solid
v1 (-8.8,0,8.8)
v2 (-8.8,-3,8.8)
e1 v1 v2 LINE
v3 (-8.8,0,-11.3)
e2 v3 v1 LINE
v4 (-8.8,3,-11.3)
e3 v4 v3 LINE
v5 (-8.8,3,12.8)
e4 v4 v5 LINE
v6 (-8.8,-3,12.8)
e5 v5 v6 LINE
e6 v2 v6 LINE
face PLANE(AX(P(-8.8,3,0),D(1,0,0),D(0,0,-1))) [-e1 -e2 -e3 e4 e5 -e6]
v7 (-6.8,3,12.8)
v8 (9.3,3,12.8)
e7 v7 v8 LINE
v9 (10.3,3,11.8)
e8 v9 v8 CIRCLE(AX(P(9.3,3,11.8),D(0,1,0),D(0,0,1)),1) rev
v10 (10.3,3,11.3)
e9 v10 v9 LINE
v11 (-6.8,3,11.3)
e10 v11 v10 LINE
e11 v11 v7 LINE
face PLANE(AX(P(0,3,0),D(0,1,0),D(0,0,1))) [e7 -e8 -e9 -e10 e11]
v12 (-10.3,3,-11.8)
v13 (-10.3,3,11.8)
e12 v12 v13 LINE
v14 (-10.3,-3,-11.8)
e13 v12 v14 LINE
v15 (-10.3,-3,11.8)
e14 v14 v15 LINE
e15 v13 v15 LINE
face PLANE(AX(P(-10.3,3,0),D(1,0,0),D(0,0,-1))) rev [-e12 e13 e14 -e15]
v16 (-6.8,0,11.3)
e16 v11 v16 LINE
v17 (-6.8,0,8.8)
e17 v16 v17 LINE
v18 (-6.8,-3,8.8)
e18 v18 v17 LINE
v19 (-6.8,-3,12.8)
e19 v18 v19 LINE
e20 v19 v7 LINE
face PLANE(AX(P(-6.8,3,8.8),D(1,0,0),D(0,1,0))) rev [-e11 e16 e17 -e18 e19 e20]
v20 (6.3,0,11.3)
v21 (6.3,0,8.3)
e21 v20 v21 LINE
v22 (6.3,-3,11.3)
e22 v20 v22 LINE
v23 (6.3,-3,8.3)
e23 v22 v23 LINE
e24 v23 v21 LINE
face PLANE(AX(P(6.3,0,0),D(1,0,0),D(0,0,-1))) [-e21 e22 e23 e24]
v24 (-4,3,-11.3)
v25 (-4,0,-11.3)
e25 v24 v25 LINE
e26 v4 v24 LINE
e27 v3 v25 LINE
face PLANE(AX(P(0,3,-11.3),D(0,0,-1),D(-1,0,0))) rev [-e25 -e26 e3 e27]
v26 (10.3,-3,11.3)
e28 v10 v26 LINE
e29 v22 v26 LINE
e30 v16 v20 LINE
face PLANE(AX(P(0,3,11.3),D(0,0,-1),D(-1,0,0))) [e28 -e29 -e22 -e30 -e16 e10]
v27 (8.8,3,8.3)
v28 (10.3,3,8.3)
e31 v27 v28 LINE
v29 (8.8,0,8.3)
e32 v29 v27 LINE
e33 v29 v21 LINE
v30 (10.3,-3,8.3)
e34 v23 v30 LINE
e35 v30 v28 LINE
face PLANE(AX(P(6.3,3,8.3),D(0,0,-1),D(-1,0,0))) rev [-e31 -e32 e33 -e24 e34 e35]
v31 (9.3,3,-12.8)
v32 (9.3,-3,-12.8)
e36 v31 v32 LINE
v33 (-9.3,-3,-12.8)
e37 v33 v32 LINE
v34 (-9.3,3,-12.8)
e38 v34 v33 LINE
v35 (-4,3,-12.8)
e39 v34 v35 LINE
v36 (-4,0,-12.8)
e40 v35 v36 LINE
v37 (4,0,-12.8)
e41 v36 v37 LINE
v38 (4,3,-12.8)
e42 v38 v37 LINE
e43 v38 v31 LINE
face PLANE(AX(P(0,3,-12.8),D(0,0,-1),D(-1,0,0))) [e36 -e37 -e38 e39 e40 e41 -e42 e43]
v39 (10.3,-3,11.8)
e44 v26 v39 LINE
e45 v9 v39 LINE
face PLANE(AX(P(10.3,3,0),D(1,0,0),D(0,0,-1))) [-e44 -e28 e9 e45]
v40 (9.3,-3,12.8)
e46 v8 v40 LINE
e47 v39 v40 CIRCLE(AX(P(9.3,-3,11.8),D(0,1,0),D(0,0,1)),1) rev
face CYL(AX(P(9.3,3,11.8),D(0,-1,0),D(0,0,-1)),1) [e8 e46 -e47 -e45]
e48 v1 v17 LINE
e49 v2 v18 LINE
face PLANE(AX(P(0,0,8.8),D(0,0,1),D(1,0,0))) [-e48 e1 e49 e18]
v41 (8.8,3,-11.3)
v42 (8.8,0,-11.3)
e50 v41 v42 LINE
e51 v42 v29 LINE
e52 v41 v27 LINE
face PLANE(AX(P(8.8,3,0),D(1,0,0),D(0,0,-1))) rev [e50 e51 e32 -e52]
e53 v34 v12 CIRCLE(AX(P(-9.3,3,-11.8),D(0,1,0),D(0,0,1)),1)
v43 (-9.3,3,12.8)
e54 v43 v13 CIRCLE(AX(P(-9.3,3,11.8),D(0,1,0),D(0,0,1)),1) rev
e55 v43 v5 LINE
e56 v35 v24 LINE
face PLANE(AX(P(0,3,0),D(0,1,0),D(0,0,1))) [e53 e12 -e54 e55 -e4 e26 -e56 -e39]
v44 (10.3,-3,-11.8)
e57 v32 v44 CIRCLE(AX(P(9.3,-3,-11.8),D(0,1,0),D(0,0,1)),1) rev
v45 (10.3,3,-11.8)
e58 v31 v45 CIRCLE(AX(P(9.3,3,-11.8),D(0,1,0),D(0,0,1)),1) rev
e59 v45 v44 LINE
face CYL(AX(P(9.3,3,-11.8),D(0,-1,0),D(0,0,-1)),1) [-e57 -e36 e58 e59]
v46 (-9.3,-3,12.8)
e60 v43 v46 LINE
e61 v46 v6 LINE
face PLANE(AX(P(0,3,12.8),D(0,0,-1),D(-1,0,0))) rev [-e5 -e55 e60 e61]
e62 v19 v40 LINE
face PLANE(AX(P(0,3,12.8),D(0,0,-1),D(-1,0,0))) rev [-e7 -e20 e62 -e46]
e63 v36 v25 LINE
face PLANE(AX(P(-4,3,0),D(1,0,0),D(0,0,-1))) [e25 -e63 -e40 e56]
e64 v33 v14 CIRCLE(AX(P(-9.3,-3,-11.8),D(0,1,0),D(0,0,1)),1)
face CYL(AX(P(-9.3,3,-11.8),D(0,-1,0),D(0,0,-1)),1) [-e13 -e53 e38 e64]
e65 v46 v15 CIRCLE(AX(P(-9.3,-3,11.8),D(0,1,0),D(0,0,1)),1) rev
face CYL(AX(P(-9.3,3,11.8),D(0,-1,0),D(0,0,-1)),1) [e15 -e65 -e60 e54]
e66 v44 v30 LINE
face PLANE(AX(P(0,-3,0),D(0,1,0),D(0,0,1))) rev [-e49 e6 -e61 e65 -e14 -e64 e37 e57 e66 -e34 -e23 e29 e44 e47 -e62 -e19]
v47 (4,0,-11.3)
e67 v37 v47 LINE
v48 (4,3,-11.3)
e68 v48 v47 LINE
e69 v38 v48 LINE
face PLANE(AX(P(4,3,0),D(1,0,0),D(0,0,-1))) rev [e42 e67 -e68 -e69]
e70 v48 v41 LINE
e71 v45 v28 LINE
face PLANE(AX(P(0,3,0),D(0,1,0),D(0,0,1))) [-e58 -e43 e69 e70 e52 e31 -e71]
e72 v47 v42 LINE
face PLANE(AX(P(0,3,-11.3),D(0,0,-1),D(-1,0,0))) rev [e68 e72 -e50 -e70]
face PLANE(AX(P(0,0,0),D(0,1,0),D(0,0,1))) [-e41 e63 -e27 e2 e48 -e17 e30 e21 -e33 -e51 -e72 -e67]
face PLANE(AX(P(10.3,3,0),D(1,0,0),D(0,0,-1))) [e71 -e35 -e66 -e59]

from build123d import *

# Parameters (mm, degrees)
SALIENTE_EXTRUIR1_DEPTH = 3
SALIENTE_EXTRUIR2_START = -3
SALIENTE_EXTRUIR2_DEPTH = 3
CROQUIS3_W              = 3
CROQUIS3_H              = 6
CORTAR_EXTRUIR3_DEPTH   = 4
CROQUIS4_W              = 2
CROQUIS4_H              = 6
CORTAR_EXTRUIR4_DEPTH   = 4


with BuildPart() as part:
    # Croquis1 → Saliente-Extruir1 (new body)
    with BuildSketch(Plane(origin=(0, 0, 0), x_dir=(1, 0, 0), z_dir=(0, 1, 0))):
        with BuildLine():
            Line((-4, 12.8), (-9.3, 12.8))
            ThreePointArc((-9.3, 12.8), (-10.007106781, 12.507106781), (-10.3, 11.8))
            Line((-10.3, 11.8), (-10.3, -11.8))
            ThreePointArc((-10.3, -11.8), (-10.007106781, -12.507106781), (-9.3, -12.8))
            Line((-9.3, -12.8), (9.3, -12.8))
            ThreePointArc((9.3, -12.8), (10.007106781, -12.507106781), (10.3, -11.8))
            Line((10.3, -11.8), (10.3, 11.8))
            ThreePointArc((10.3, 11.8), (10.007106781, 12.507106781), (9.3, 12.8))
            Line((9.3, 12.8), (4, 12.8))
            Line((4, 12.8), (4, 11.3))
            Line((4, 11.3), (8.8, 11.3))
            Line((8.8, 11.3), (8.8, -11.3))
            Line((8.8, -11.3), (-8.8, -11.3))
            Line((-8.8, -11.3), (-8.8, 11.3))
            Line((-8.8, 11.3), (-4, 11.3))
            Line((-4, 11.3), (-4, 12.8))
        make_face()
    extrude(amount=SALIENTE_EXTRUIR1_DEPTH)

    # Croquis1<3> → Saliente-Extruir2 (add)
    with BuildSketch(Plane(origin=(0, 0, 0), x_dir=(1, 0, 0), z_dir=(0, 1, 0)).offset(SALIENTE_EXTRUIR2_START)):
        with BuildLine():
            ThreePointArc((-9.3, 12.8), (-10.007106781, 12.507106781), (-10.3, 11.8))
            Line((-10.3, 11.8), (-10.3, -11.8))
            ThreePointArc((-10.3, -11.8), (-10.007106781, -12.507106781), (-9.3, -12.8))
            Line((-9.3, -12.8), (9.3, -12.8))
            ThreePointArc((9.3, -12.8), (10.007106781, -12.507106781), (10.3, -11.8))
            Line((10.3, -11.8), (10.3, 11.8))
            ThreePointArc((10.3, 11.8), (10.007106781, 12.507106781), (9.3, 12.8))
            Line((9.3, 12.8), (-9.3, 12.8))
        make_face()
    extrude(amount=SALIENTE_EXTRUIR2_DEPTH)

    # Croquis3 → Cortar-Extruir3 (cut)
    with BuildSketch(Plane(origin=(10.3, 0, 0), x_dir=(0, 0, -1), z_dir=(1, 0, 0))):
        with Locations((-9.8, 0)):
            Rectangle(CROQUIS3_W, CROQUIS3_H)
    extrude(amount=-CORTAR_EXTRUIR3_DEPTH, mode=Mode.SUBTRACT)

    # Croquis4 → Cortar-Extruir4 (cut)
    with BuildSketch(Plane.XY.offset(12.8)):
        with Locations((-7.8, 0)):
            Rectangle(CROQUIS4_W, CROQUIS4_H)
    extrude(amount=-CORTAR_EXTRUIR4_DEPTH, mode=Mode.SUBTRACT)


solid = part.part
